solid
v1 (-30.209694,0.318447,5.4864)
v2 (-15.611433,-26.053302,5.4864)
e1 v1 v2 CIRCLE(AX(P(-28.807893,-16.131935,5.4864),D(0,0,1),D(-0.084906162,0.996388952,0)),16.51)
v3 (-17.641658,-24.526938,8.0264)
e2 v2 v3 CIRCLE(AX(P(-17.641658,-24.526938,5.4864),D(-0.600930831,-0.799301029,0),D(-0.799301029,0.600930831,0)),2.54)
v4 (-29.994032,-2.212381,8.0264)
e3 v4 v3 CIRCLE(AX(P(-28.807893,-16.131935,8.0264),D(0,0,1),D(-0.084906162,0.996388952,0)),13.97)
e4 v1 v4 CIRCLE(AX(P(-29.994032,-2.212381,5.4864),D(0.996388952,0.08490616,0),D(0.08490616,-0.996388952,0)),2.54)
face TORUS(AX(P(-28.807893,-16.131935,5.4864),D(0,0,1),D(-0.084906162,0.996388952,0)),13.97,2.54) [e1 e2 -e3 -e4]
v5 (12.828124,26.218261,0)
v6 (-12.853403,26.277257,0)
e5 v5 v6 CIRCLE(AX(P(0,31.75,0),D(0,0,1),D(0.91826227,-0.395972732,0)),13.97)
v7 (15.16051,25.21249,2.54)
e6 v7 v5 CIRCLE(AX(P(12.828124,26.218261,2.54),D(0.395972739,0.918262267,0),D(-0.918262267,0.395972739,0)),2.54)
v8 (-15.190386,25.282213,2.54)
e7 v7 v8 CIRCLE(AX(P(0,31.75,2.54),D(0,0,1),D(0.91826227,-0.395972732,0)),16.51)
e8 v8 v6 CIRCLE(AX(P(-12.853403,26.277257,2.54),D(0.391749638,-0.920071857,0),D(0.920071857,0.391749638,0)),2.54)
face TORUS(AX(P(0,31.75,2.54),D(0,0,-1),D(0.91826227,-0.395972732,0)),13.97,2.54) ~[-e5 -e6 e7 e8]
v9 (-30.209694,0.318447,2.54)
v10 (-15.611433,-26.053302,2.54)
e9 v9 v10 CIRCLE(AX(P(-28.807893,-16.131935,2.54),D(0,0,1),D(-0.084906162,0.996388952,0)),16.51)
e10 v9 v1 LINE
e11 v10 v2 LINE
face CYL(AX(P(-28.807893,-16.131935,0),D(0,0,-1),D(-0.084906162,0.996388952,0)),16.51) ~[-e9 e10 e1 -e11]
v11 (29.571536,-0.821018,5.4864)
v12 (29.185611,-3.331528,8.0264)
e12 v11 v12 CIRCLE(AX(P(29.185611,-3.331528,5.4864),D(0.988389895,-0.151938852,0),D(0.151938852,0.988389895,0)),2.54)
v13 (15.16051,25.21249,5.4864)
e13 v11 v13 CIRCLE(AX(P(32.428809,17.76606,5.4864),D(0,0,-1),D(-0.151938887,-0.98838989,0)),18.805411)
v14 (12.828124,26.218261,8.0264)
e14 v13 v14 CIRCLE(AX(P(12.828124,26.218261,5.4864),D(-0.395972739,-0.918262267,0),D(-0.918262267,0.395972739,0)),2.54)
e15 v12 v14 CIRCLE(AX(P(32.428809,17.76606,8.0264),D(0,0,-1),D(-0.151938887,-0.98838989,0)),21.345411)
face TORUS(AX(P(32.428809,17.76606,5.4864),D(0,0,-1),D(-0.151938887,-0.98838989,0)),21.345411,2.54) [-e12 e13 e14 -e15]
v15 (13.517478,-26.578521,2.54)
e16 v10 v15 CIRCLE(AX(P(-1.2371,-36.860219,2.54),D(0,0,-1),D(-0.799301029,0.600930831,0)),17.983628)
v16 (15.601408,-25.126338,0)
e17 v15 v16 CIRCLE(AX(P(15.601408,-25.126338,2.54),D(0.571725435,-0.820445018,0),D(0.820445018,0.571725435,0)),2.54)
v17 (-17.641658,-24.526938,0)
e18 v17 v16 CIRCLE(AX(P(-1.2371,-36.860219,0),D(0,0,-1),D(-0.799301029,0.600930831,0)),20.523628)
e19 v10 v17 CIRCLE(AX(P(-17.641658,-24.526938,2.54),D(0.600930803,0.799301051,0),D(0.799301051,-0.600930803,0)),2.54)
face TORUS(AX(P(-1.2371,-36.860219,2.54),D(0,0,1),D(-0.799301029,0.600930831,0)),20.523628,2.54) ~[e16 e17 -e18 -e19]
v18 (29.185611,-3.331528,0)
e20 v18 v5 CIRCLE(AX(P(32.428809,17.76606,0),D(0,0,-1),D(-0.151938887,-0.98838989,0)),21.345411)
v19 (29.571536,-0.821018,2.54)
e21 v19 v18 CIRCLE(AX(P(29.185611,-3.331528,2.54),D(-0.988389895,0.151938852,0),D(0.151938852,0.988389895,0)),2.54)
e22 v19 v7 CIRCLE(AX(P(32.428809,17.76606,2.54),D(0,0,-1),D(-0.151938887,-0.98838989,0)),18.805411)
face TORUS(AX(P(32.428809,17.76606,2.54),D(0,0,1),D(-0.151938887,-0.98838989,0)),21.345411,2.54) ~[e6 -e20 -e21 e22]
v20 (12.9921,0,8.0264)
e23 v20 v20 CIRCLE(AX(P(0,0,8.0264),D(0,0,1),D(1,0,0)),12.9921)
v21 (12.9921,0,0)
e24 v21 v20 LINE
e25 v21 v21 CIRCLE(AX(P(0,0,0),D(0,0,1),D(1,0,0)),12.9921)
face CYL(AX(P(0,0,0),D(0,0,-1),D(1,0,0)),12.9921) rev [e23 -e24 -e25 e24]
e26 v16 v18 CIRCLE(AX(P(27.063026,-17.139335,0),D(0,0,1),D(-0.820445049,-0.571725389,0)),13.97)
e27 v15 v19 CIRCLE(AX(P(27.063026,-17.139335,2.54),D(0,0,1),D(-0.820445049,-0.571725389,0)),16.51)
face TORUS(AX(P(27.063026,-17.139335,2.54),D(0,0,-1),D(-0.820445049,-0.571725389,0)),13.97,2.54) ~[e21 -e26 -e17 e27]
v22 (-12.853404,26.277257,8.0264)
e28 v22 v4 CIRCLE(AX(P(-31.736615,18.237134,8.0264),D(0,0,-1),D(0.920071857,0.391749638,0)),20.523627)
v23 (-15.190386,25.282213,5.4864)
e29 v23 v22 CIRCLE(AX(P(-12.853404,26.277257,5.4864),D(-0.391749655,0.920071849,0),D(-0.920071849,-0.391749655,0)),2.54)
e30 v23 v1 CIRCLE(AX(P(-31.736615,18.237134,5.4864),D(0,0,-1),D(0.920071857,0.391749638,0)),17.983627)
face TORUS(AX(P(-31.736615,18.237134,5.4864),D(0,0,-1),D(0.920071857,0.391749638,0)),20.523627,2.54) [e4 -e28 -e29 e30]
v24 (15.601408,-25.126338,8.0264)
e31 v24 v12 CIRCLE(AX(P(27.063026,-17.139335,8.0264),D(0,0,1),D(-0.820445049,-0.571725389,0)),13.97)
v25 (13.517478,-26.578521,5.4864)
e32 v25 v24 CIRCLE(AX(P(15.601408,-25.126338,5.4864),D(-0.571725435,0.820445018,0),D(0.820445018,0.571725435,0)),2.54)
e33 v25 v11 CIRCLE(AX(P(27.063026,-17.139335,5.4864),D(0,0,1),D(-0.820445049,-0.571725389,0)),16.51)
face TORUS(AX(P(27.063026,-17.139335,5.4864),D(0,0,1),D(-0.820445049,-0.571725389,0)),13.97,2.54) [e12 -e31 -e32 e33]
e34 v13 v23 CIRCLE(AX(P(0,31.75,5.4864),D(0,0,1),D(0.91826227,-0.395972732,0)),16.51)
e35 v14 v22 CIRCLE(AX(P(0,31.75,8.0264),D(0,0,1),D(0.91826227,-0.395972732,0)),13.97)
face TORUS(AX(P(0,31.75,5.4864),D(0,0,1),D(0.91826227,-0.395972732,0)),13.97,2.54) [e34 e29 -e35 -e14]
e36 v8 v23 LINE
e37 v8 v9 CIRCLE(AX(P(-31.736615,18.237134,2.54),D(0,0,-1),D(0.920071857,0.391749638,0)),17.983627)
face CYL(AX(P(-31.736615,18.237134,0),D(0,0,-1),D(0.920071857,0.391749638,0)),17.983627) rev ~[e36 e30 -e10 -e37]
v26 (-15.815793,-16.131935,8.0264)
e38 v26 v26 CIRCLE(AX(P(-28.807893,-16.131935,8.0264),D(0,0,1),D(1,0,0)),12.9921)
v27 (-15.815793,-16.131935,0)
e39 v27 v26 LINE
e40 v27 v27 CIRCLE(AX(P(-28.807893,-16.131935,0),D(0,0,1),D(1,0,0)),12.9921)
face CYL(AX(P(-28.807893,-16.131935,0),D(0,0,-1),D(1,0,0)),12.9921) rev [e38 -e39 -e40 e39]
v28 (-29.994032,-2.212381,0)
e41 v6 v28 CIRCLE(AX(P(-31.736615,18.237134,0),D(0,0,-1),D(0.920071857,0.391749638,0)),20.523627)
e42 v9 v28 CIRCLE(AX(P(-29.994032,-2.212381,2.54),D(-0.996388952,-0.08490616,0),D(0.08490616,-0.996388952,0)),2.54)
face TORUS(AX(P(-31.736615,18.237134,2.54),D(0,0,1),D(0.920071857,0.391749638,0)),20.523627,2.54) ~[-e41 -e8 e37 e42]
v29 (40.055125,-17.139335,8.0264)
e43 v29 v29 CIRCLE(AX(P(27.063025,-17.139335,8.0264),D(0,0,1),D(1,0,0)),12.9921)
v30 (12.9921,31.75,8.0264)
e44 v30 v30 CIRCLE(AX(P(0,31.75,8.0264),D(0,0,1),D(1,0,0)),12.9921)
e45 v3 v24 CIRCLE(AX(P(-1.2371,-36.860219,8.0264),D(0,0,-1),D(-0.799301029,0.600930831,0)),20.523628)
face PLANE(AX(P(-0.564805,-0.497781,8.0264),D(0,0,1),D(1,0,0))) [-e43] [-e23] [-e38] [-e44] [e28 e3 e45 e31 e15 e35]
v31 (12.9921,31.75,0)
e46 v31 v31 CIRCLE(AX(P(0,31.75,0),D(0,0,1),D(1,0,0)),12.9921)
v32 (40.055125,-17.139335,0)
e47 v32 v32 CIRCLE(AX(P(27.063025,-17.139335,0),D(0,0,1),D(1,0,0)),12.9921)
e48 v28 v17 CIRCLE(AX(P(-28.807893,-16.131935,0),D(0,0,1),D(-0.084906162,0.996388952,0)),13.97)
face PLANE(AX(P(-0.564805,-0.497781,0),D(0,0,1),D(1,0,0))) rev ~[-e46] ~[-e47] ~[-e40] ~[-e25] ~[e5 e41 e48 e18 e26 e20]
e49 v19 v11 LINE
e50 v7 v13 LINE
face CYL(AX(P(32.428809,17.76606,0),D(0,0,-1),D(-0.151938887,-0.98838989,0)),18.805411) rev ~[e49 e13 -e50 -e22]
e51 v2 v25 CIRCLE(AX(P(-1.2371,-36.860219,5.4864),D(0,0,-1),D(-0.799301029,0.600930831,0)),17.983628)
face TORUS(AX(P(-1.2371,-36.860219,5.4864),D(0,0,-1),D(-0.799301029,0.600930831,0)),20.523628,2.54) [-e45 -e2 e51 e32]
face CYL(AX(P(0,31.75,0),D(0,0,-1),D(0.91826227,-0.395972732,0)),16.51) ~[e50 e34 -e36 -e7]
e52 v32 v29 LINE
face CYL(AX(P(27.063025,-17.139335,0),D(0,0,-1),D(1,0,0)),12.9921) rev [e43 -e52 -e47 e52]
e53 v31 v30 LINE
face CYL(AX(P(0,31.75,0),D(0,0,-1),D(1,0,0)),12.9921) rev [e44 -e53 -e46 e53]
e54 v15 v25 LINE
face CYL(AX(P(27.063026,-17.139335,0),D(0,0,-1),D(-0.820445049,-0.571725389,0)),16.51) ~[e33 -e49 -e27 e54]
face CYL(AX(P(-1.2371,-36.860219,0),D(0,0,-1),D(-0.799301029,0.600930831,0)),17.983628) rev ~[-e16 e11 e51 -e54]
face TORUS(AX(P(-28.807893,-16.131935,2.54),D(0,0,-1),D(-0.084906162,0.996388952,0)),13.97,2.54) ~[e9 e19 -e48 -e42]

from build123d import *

# Parameters (mm, degrees)
F0_R     = 12.9921
F1_DEPTH = 8.0264
F2_R     = 2.54
F3_R     = 2.54


with BuildPart() as f1:
    # F0 (on Top) → F1 (new body)
    with BuildSketch(Plane.XY):
        with BuildLine():
            ThreePointArc((-15.190386, 25.282213), (-16.326972, 8.96601), (-30.209694, 0.318447))
            ThreePointArc((-30.209694, 0.318447), (-43.252469, -24.127829), (-15.611433, -26.053302))
            ThreePointArc((-15.611433, -26.053302), (-0.912893, -18.879513), (13.517478, -26.578521))
            ThreePointArc((13.517478, -26.578521), (41.074317, -25.87225), (29.571536, -0.821018))
            ThreePointArc((29.571536, -0.821018), (15.975981, 8.658485), (15.16051, 25.21249))
            ThreePointArc((15.16051, 25.21249), (0.037928, 48.259956), (-15.190386, 25.282213))
        make_face()
        with Locations((-28.807893, -16.131935)):
            Circle(F0_R, mode=Mode.SUBTRACT)
        with Locations((27.063025, -17.139335)):
            Circle(F0_R, mode=Mode.SUBTRACT)
        Circle(F0_R, mode=Mode.SUBTRACT)
        with Locations((0, 31.75)):
            Circle(F0_R, mode=Mode.SUBTRACT)
    extrude(amount=F1_DEPTH)

    # F2
    f2_edges = [f1.edges().sort_by_distance(p)[0] for p in [
        (-0.912893, -18.879513, 8.0264),
        (-43.252469, -24.127829, 8.0264),
        (-16.326972, 8.96601, 8.0264),
        (0.037928, 48.259956, 8.0264),
        (15.975981, 8.658485, 8.0264),
        (41.074317, -25.87225, 8.0264),
    ]]
    fillet(f2_edges, radius=F2_R)

    # F3
    f3_edges = [f1.edges().sort_by_distance(p)[0] for p in [
        (-16.326972, 8.96601, 0),
        (-43.252469, -24.127829, 0),
        (-0.912893, -18.879513, 0),
        (15.975981, 8.658485, 0),
        (41.074317, -25.87225, 0),
        (0.037928, 48.259956, 0),
    ]]
    fillet(f3_edges, radius=F3_R)


solid = f1.part
